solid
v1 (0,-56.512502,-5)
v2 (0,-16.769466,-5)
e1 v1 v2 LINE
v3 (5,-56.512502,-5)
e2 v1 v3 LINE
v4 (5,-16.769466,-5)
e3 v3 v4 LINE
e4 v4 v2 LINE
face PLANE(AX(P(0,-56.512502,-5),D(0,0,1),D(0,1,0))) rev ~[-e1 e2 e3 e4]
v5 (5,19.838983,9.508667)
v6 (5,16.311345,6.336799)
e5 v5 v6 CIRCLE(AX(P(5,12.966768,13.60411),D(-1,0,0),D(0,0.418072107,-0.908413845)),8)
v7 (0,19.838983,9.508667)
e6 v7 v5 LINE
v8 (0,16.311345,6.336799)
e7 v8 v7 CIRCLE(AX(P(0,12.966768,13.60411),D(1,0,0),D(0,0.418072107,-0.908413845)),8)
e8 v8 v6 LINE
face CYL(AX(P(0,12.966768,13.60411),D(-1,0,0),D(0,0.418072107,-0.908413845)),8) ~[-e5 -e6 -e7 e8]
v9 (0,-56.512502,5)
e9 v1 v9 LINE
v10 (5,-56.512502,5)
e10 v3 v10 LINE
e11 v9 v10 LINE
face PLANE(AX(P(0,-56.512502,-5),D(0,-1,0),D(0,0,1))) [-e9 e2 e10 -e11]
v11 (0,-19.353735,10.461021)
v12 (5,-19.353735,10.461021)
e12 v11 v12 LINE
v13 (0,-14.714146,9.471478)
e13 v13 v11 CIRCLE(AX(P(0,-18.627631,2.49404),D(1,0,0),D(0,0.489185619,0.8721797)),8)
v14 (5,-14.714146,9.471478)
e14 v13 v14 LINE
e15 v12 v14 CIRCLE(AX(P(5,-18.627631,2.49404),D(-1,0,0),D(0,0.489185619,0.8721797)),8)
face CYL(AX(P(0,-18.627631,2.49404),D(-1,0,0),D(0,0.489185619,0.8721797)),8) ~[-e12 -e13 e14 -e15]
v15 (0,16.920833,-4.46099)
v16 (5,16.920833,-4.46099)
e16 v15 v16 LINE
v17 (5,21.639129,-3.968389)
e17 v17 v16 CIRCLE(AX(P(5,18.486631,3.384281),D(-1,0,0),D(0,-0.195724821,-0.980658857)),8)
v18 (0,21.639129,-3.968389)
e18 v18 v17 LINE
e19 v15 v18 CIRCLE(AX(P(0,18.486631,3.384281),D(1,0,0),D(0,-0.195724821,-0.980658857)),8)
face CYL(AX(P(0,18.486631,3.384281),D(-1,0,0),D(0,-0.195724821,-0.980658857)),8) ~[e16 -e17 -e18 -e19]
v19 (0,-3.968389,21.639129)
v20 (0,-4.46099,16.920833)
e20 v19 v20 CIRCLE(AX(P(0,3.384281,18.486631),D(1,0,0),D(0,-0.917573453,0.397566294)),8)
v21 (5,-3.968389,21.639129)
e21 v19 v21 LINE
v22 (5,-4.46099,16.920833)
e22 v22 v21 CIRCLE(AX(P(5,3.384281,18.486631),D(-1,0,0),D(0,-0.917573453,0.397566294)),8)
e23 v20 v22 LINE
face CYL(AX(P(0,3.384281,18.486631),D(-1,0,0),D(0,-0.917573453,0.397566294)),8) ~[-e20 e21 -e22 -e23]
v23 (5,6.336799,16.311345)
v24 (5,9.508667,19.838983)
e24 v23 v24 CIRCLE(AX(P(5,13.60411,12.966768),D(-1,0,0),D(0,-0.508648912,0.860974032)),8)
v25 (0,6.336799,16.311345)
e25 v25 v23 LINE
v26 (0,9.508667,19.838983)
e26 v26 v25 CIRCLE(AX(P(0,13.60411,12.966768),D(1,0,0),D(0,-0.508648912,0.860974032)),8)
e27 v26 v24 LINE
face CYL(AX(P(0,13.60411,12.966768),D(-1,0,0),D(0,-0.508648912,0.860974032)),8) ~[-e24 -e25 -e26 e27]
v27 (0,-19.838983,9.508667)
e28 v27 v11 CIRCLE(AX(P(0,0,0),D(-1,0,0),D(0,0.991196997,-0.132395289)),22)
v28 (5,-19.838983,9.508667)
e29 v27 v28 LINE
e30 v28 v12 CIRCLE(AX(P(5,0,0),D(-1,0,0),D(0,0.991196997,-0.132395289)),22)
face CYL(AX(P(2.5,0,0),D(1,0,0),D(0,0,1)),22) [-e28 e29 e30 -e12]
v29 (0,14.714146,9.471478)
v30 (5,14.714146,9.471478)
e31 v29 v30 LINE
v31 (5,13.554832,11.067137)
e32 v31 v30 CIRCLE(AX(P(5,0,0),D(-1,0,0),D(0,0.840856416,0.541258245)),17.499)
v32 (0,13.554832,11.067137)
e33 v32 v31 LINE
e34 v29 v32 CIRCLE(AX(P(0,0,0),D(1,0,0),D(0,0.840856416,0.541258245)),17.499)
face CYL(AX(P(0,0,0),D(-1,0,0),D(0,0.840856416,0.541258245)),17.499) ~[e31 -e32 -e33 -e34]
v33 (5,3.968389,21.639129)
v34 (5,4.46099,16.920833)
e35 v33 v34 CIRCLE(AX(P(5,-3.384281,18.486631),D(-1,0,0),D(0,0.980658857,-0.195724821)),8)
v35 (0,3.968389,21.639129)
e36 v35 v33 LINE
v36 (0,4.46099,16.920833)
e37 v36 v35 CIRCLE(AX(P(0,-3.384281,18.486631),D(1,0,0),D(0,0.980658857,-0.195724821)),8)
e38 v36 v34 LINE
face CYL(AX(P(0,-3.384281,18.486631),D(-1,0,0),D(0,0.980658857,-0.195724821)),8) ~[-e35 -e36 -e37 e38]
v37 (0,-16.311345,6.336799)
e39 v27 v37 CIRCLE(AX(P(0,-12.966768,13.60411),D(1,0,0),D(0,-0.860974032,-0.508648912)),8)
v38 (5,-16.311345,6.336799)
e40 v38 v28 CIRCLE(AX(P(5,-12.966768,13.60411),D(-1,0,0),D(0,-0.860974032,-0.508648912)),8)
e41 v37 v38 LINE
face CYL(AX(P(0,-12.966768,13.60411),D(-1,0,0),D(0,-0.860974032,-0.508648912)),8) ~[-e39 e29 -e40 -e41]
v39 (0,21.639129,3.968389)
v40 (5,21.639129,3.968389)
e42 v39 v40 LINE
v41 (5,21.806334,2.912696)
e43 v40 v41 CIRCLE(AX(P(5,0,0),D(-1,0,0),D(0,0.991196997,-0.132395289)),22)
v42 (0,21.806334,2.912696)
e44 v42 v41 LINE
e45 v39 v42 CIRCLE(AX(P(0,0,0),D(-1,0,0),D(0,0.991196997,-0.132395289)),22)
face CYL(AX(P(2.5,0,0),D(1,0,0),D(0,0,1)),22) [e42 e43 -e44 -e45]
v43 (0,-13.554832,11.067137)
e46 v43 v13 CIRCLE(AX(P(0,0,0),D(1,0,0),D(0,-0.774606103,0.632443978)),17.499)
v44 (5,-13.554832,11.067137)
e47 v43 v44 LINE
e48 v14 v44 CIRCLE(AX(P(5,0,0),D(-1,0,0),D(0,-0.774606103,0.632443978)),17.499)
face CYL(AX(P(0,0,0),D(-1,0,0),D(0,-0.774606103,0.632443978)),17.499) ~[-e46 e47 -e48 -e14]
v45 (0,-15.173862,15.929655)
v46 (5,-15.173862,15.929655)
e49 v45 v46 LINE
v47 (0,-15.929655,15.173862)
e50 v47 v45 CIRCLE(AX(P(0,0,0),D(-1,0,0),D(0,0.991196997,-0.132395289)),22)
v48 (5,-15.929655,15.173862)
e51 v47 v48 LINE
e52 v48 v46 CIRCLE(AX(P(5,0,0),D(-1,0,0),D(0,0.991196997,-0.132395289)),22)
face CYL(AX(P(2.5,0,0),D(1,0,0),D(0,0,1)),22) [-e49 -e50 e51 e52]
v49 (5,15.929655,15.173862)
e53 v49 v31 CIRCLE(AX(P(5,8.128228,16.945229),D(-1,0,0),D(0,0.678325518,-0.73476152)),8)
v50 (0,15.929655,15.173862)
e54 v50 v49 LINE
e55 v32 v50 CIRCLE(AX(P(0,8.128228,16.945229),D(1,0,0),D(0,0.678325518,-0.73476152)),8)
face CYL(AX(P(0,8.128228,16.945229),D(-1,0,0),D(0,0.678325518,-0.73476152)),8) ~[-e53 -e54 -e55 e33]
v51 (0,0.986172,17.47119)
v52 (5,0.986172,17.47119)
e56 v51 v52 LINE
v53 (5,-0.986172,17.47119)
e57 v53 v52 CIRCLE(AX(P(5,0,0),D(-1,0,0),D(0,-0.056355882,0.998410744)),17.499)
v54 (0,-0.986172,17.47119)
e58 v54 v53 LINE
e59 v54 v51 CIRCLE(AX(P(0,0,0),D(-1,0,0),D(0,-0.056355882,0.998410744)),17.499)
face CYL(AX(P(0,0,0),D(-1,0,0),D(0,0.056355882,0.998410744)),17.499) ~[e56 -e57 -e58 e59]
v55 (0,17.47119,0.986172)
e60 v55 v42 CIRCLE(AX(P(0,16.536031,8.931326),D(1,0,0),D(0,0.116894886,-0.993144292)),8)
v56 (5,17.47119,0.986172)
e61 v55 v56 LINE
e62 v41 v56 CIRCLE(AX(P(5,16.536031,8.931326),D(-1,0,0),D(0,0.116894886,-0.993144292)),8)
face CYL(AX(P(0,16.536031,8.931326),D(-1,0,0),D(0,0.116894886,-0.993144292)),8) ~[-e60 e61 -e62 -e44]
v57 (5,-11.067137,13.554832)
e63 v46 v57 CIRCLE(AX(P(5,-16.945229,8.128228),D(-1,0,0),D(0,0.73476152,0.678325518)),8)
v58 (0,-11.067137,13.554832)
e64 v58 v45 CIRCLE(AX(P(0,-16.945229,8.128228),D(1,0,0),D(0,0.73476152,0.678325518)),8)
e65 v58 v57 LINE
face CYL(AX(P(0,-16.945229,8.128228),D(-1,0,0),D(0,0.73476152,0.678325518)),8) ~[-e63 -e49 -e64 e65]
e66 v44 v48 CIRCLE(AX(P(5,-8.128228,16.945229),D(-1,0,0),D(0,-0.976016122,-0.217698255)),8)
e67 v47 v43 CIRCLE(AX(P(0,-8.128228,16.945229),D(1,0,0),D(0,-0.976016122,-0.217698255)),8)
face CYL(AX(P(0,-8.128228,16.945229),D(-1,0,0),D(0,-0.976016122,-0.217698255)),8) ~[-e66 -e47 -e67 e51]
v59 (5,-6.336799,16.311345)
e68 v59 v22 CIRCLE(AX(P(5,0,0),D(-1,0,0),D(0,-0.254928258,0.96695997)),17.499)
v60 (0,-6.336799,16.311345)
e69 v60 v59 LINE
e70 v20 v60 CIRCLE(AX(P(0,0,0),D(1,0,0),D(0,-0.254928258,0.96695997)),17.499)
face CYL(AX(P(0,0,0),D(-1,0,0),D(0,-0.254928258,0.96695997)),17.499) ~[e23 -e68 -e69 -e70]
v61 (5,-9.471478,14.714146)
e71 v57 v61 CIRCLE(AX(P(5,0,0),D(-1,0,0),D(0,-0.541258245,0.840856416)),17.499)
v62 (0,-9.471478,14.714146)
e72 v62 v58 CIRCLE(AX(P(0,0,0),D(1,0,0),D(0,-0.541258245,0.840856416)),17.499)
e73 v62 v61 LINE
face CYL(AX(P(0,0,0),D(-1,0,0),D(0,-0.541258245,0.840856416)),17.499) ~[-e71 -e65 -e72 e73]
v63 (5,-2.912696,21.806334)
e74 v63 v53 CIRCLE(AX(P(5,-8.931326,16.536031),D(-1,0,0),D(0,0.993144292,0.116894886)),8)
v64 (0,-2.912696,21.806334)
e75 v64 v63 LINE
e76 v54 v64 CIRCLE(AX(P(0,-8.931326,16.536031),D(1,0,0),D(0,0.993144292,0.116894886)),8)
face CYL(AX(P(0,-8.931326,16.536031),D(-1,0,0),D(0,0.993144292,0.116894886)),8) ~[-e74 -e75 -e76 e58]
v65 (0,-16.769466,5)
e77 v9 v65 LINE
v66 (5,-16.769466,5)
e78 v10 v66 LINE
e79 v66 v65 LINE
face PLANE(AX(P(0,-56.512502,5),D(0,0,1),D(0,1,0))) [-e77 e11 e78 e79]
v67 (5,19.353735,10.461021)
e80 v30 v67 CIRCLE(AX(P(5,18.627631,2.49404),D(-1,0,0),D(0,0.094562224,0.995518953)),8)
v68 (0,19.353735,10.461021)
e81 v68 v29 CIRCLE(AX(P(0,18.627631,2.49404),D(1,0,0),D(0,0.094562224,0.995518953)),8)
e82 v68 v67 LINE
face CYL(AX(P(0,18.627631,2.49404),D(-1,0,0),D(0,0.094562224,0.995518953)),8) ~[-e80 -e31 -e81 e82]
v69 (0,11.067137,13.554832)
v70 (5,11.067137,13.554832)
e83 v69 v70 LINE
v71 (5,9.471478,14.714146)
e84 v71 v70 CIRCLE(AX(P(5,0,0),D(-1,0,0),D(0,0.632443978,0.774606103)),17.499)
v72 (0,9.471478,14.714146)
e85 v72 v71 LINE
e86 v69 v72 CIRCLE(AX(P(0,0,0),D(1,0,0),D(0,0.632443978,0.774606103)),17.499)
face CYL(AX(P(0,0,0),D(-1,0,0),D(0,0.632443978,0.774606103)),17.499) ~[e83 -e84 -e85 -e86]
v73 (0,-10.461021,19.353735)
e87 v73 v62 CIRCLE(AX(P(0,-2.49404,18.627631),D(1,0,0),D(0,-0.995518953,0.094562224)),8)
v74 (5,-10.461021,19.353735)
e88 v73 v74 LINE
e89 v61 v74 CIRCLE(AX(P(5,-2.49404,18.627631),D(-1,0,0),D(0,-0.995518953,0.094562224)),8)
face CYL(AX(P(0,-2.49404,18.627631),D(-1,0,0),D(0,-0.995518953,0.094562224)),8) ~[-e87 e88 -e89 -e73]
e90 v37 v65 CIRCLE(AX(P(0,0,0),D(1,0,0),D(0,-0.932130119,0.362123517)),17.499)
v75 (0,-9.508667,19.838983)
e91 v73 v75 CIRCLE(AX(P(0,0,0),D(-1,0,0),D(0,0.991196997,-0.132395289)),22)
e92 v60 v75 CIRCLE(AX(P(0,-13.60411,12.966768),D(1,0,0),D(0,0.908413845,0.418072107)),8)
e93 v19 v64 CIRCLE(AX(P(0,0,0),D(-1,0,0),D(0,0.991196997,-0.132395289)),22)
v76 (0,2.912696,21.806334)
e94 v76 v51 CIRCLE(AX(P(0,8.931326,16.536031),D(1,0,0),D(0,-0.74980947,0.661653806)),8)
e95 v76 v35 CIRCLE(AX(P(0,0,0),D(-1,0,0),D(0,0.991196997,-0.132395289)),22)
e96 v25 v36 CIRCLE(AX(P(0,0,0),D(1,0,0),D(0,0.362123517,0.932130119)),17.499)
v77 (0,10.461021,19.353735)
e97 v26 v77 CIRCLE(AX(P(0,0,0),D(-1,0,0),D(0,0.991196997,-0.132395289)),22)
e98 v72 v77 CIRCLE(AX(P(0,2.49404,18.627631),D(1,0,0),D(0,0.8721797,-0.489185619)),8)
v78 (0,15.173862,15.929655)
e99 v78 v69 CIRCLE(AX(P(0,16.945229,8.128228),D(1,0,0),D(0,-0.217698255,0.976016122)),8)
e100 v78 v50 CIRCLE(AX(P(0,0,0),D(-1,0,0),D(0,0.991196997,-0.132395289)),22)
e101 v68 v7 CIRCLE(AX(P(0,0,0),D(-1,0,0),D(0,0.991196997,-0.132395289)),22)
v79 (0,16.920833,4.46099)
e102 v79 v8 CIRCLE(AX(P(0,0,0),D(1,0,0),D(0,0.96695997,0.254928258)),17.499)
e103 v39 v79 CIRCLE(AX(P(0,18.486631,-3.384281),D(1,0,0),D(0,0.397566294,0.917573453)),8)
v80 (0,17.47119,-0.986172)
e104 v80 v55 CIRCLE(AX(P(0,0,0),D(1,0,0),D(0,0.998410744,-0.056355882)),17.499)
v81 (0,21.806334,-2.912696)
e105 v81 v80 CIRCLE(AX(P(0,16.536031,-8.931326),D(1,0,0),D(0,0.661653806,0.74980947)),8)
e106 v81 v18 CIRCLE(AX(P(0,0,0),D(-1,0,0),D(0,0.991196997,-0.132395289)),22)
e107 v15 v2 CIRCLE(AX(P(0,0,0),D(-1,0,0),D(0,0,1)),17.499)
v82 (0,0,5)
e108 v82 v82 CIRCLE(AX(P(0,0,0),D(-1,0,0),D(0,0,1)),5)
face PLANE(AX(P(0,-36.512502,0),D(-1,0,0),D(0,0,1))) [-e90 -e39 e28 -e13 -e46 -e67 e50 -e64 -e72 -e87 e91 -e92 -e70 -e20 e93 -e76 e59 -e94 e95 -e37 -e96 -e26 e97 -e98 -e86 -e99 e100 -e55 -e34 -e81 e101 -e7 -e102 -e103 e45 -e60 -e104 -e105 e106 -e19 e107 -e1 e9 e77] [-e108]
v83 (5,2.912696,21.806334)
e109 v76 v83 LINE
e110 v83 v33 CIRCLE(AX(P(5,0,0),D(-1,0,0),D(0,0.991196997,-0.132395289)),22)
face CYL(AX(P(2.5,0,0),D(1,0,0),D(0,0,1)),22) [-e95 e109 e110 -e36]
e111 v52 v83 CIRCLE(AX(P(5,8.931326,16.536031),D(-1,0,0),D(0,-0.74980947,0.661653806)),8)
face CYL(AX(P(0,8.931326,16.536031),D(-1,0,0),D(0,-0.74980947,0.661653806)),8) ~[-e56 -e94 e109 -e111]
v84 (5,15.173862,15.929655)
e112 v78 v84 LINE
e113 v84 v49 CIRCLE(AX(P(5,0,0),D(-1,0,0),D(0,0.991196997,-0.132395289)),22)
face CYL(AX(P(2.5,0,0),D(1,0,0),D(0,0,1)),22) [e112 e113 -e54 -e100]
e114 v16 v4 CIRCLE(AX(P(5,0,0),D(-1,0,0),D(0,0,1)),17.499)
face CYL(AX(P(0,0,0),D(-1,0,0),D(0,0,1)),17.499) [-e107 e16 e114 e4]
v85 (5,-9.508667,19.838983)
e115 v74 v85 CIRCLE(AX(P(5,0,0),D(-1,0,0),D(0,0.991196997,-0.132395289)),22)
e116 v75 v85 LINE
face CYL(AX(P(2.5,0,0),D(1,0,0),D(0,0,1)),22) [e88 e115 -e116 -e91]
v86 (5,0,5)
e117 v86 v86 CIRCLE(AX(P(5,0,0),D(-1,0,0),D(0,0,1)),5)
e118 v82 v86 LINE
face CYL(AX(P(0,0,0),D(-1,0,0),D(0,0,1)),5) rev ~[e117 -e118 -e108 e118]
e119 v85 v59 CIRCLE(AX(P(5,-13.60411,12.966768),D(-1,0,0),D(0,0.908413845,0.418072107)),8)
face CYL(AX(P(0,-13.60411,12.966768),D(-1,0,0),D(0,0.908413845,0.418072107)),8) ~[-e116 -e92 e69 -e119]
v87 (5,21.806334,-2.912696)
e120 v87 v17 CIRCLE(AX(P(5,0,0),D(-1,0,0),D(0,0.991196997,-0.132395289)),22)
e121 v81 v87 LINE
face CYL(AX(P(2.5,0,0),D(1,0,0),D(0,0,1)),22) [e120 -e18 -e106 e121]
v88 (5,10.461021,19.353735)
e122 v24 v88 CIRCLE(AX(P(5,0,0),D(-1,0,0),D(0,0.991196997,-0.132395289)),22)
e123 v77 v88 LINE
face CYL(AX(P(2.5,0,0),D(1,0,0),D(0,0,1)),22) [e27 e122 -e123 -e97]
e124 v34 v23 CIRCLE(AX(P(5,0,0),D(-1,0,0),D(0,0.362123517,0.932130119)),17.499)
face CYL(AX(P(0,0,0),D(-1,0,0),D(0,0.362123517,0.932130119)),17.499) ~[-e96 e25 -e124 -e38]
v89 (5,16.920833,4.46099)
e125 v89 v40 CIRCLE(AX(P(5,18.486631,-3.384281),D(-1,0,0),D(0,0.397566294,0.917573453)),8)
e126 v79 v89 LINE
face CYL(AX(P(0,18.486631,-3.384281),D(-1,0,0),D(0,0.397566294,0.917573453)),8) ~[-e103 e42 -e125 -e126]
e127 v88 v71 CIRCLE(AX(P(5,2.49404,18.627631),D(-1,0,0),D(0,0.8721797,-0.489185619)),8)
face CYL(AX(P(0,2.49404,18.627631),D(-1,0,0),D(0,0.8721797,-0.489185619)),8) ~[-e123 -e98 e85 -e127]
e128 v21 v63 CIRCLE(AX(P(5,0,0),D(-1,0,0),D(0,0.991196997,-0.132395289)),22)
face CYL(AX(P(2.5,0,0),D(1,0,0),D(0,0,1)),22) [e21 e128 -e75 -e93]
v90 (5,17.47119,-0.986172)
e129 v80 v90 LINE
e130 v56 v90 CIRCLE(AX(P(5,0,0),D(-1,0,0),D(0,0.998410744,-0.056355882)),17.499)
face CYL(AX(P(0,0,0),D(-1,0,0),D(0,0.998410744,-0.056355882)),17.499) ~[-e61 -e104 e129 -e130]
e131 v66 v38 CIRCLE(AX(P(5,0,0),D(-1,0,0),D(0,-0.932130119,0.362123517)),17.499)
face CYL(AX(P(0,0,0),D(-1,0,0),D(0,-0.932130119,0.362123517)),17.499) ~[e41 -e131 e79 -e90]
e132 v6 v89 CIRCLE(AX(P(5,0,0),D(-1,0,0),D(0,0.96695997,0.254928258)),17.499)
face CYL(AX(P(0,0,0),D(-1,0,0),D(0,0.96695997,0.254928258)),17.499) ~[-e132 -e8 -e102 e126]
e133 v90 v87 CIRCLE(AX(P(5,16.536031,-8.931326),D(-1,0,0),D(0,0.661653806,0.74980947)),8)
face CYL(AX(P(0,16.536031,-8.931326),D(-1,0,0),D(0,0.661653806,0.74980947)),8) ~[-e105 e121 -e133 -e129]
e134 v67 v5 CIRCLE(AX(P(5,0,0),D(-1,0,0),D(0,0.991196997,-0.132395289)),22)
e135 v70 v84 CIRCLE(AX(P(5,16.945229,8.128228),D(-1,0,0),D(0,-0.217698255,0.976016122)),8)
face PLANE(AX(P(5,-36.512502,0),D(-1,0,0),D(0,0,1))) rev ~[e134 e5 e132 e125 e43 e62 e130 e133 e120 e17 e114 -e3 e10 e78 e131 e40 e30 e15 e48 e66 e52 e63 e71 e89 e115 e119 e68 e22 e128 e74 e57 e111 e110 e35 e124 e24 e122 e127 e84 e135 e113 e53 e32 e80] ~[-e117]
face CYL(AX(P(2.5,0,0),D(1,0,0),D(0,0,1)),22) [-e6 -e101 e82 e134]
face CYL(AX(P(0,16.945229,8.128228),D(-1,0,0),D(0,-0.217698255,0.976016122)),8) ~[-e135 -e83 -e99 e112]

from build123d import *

# Parameters (mm, degrees)
BASPROSKE_W         = 5
BASPROSKE_H         = 22
TOOTHCUT_DEPTH      = 32.511902513
TEETHCUTS_COUNT     = 20
TEETHCUTS_ANGLE     = 342
BORSKE_R            = 2
BORE_DEPTH          = 50.0000508
SKETCH1_W           = 10
SKETCH1_H           = 40
BOSS_EXTRUDE1_DEPTH = 5
CUT_EXTRUDE1_DEPTH  = 61.779759056
SKETCH4_R           = 17.499
BOSS_EXTRUDE2_DEPTH = 5
SKETCH5_R           = 5
CUT_EXTRUDE2_DEPTH  = 5


with BuildPart() as part:
    # BasProSke → Base-Revolve (revolve)
    with BuildSketch(Plane(origin=(0, 0, 0), x_dir=(1, 0, 0), z_dir=(0, 1, 0)), mode=Mode.PRIVATE) as base_revolve_sk:
        with Locations((2.5, 11)):
            Rectangle(BASPROSKE_W, BASPROSKE_H)
    revolve(base_revolve_sk.sketch.rotate(Axis((-10, 0, 0), (1, 0, 0)), 180), axis=Axis((-10, 0, 0), (1, 0, 0)))

    # TooCutSke → ToothCut (cut, through all)
    with BuildSketch(Plane(origin=(0, 0, 0), x_dir=(0, 0, -1), z_dir=(1, 0, 0))):
        with BuildLine():
            ThreePointArc((0.986171591, 17.471189616), (0, 17.499), (-0.986171591, 17.471189616))
            ThreePointArc((-0.986171591, 17.471189616), (-1.626916196, 19.798789858), (-2.932850173, 21.829260982))
            ThreePointArc((-2.932850173, 21.829260982), (0, 22.0254), (2.932850173, 21.829260982))
            ThreePointArc((2.932850173, 21.829260982), (1.626916196, 19.798789858), (0.986171591, 17.471189616))
        make_face()
    toothcut = extrude(amount=TOOTHCUT_DEPTH, mode=Mode.SUBTRACT)

    # TeethCuts: ToothCut ×20 about axis
    teethcuts_axis = Axis((-10, 0, 0), (1, 0, 0))
    for i in range(1, TEETHCUTS_COUNT):
        add(toothcut.rotate(teethcuts_axis, i * TEETHCUTS_ANGLE / (TEETHCUTS_COUNT - 1)), mode=Mode.SUBTRACT)

    # BorSke → Bore (cut, symmetric)
    with BuildSketch(Plane(origin=(0, 0, 0), x_dir=(0, 0, -1), z_dir=(1, 0, 0))):
        with Locations(Location((0, 0, 0), (0, 0, 180))):
            Circle(BORSKE_R)
    extrude(amount=BORE_DEPTH, both=True, mode=Mode.SUBTRACT)

    # Sketch1 → Boss-Extrude1 (add)
    with BuildSketch(Plane.ZY):
        with Locations((0, -36.512502254)):
            Rectangle(SKETCH1_W, SKETCH1_H)
    extrude(amount=-BOSS_EXTRUDE1_DEPTH)

    # Sketch2 → Cut-Extrude1 (cut, through all)
    with BuildSketch(Plane.ZY):
        Polygon((-5, -16.76946633), (-4.460989585, 16.920832513), (-7.792643155, 24.285727196), (-28.634173903, 9.783095201), (-18.213408529, -22.103486404), (-10.962092532, -23.448101291), align=None)
    extrude(amount=-CUT_EXTRUDE1_DEPTH, mode=Mode.SUBTRACT)

    # Sketch4 → Boss-Extrude2 (add)
    with BuildSketch(Plane.ZY):
        Circle(SKETCH4_R)
    extrude(amount=-BOSS_EXTRUDE2_DEPTH)

    # Sketch5 → Cut-Extrude2 (cut)
    with BuildSketch(Plane.ZY):
        Circle(SKETCH5_R)
    extrude(amount=-CUT_EXTRUDE2_DEPTH, mode=Mode.SUBTRACT)


solid = part.part
